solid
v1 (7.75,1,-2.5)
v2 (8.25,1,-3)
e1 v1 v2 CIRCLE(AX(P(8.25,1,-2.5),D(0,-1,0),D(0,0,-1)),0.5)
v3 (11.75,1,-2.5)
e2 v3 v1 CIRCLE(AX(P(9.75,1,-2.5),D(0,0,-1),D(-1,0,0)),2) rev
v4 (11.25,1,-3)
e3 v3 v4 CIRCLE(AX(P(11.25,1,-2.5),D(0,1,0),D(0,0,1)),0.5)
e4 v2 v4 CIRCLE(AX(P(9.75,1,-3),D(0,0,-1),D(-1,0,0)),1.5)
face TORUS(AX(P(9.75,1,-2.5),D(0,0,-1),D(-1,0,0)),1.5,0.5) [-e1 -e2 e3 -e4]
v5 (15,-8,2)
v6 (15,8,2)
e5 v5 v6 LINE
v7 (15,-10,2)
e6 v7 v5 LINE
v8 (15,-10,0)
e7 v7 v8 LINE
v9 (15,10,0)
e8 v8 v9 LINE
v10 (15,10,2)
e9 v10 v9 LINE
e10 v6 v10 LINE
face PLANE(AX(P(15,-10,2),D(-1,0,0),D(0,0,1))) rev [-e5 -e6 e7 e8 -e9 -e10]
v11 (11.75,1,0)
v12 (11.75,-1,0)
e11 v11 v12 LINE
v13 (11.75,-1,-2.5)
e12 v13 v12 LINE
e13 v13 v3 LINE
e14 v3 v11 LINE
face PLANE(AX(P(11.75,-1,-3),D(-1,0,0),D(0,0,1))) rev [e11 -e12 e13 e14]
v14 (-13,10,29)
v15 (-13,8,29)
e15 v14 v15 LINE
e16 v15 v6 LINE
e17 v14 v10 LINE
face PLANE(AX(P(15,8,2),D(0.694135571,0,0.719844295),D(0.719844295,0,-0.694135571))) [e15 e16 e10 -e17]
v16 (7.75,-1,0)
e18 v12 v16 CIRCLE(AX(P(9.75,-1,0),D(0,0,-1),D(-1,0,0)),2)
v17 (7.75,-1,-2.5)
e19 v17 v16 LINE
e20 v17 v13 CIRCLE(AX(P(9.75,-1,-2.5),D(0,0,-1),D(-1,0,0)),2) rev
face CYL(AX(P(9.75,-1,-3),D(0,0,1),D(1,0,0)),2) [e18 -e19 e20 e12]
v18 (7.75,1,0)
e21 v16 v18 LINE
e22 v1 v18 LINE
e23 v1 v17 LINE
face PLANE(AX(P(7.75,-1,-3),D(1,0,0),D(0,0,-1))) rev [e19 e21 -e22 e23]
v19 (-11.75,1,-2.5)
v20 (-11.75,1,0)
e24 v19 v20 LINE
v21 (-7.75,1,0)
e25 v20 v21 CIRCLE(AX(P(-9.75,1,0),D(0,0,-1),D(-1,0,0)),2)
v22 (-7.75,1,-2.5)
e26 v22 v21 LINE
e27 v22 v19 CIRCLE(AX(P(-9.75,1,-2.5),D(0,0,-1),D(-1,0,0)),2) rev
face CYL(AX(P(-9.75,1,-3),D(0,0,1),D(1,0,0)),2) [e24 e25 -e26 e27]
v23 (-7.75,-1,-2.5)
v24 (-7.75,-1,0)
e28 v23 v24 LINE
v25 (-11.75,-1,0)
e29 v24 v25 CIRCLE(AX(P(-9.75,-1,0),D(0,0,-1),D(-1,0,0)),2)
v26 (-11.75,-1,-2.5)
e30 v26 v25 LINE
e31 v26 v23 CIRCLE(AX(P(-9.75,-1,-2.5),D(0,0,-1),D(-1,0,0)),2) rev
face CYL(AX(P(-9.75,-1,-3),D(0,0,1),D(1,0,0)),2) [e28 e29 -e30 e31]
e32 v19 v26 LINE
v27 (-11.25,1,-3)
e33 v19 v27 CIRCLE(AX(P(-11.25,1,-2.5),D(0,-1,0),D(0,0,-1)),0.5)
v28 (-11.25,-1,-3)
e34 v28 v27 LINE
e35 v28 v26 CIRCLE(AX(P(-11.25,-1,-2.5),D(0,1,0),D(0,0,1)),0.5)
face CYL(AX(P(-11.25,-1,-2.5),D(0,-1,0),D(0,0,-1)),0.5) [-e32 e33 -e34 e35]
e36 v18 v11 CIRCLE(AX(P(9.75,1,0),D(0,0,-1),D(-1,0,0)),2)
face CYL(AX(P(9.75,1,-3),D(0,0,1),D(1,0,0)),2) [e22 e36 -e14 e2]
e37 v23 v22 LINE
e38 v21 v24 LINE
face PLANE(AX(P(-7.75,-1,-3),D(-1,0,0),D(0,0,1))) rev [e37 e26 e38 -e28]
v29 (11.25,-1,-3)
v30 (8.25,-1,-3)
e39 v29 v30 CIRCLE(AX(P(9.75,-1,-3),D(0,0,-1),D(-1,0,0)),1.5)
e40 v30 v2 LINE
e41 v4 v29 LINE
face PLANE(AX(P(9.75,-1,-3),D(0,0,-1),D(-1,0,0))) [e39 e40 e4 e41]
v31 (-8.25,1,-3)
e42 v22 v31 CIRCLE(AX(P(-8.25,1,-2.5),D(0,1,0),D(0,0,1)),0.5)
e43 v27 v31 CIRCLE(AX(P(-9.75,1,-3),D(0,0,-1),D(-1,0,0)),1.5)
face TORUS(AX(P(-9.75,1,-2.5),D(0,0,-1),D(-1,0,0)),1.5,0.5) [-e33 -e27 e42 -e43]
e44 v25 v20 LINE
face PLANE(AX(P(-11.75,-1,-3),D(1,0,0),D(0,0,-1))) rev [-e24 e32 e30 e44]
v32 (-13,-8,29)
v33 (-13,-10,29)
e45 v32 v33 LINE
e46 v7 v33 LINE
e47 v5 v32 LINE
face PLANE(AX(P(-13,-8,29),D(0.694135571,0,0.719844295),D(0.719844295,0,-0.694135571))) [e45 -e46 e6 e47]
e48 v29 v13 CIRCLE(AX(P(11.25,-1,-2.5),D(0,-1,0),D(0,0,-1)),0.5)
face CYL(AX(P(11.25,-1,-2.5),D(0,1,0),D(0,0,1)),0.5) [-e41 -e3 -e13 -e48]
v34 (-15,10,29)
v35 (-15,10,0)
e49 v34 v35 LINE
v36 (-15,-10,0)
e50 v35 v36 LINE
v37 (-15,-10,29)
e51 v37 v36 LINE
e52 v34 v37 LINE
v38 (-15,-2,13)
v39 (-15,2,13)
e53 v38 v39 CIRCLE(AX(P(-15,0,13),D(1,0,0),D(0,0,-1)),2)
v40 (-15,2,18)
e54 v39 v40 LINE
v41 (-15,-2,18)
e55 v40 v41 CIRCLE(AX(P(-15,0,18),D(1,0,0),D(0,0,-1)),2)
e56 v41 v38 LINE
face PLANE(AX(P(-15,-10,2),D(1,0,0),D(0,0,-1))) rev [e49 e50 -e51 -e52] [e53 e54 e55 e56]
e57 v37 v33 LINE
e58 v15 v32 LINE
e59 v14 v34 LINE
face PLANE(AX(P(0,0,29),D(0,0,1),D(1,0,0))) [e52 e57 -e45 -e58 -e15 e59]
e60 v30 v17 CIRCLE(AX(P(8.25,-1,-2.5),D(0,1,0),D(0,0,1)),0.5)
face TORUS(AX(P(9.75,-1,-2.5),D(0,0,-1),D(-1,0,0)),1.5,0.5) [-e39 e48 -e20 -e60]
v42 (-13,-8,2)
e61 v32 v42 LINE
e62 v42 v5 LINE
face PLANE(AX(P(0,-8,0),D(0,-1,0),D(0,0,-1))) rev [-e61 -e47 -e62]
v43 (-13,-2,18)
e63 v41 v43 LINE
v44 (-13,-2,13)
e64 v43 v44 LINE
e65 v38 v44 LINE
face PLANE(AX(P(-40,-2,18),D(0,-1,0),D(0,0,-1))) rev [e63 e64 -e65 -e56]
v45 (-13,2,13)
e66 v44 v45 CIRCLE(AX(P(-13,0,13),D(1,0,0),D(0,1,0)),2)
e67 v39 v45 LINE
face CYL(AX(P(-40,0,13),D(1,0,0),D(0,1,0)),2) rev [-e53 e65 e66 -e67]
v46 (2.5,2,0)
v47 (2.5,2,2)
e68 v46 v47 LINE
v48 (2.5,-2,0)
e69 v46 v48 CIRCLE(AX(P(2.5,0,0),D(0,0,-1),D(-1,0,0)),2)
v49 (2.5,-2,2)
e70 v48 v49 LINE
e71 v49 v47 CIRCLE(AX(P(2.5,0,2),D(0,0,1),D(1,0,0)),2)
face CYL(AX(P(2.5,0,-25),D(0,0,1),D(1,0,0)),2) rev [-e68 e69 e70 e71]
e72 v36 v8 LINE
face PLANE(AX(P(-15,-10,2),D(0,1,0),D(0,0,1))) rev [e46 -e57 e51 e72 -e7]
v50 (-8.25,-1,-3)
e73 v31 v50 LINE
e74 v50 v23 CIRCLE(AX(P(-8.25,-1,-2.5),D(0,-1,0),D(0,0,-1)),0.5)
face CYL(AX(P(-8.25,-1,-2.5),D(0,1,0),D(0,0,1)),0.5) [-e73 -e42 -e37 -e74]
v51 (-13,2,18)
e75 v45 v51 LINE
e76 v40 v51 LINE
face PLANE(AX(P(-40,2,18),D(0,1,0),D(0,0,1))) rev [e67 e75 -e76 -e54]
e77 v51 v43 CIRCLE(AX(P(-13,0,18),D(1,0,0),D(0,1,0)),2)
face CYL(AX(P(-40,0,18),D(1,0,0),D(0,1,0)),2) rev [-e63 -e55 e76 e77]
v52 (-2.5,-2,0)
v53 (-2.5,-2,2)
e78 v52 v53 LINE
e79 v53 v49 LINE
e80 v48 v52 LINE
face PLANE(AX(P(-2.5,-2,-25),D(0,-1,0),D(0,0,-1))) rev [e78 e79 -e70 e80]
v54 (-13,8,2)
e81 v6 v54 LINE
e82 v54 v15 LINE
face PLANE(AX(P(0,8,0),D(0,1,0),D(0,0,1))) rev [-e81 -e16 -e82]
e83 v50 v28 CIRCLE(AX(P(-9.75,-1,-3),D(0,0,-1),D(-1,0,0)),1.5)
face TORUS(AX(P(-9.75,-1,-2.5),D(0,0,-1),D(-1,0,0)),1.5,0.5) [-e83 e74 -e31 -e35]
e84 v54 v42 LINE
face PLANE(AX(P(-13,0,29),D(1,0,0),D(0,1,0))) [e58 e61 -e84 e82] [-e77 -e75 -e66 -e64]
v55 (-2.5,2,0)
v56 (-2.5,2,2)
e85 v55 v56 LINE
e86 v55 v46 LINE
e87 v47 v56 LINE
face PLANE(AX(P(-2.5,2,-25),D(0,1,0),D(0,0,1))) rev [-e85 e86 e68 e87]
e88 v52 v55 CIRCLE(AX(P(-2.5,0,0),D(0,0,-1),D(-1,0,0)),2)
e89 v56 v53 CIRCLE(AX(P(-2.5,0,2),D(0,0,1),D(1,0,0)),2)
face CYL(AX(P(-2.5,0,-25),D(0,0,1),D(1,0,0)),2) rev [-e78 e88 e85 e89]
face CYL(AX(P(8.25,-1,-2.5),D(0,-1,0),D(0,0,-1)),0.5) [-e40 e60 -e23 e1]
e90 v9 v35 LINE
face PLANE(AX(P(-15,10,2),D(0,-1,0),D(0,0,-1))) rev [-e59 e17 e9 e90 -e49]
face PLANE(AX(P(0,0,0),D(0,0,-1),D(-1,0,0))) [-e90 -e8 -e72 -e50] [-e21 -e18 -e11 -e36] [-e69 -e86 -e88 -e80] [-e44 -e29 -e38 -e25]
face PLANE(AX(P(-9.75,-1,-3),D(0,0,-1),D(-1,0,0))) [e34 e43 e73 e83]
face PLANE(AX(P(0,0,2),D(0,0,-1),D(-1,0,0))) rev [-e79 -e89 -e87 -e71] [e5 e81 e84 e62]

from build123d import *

# Parameters (mm, degrees)
ESQUISSE1_W             = 30
ESQUISSE1_H             = 20
BOSS_EXTRU_1_DEPTH      = 2
ESQUISSE2_W             = 2
ESQUISSE2_H             = 20
BOSS_EXTRU_2_DEPTH      = 27
ENL_V_MAT_EXTRU_1_DEPTH = 27
ENL_V_MAT_EXTRU_2_DEPTH = 27
BOSS_EXTRU_3_DEPTH      = 2
BOSS_EXTRU_4_DEPTH      = 2
BOSS_EXTRU_5_DEPTH      = 3
CONG_2_R                = 0.5
CONG_3_R                = 0.5


with BuildPart() as part:
    # Esquisse1 → Boss.-Extru.1 (new body)
    with BuildSketch(Plane.XY):
        Rectangle(ESQUISSE1_W, ESQUISSE1_H)
    extrude(amount=BOSS_EXTRU_1_DEPTH)

    # Esquisse2 → Boss.-Extru.2 (add)
    with BuildSketch(Plane.XY.offset(2)):
        with Locations((-14, 0)):
            Rectangle(ESQUISSE2_W, ESQUISSE2_H)
    extrude(amount=BOSS_EXTRU_2_DEPTH)

    # Esquisse3 → Enlèv. mat.-Extru.1 (cut)
    with BuildSketch(Plane.XY.offset(2)):
        with BuildLine():
            Line((-2.5, 2), (2.5, 2))
            ThreePointArc((2.5, 2), (4.5, 0), (2.5, -2))
            Line((2.5, -2), (-2.5, -2))
            ThreePointArc((-2.5, -2), (-4.5, 0), (-2.5, 2))
        make_face()
    extrude(amount=-ENL_V_MAT_EXTRU_1_DEPTH, mode=Mode.SUBTRACT)

    # Esquisse4 → Enlèv. mat.-Extru.2 (cut)
    with BuildSketch(Plane(origin=(-13, 0, 0), x_dir=(0, 0, -1), z_dir=(1, 0, 0))):
        with BuildLine():
            Line((-18, 2), (-13, 2))
            ThreePointArc((-13, 2), (-11, 0), (-13, -2))
            Line((-13, -2), (-18, -2))
            ThreePointArc((-18, -2), (-20, 0), (-18, 2))
        make_face()
    extrude(amount=-ENL_V_MAT_EXTRU_2_DEPTH, mode=Mode.SUBTRACT)

    # Esquisse5 → Boss.-Extru.3 (add)
    with BuildSketch(Plane(origin=(0, -10, 0), x_dir=(-1, 0, 0), z_dir=(0, -1, 0))):
        Polygon((13, -29), (-15, -2), (13, -2), align=None)
    extrude(amount=-BOSS_EXTRU_3_DEPTH)

    # Esquisse6 → Boss.-Extru.4 (add)
    with BuildSketch(Plane(origin=(0, 10, 0), x_dir=(1, 0, 0), z_dir=(0, 1, 0))):
        Polygon((15, -2), (-13, -29), (-13, -2), align=None)
    extrude(amount=-BOSS_EXTRU_4_DEPTH)

    # Esquisse7 → Boss.-Extru.5 (add)
    with BuildSketch(Plane(origin=(0, 0, 0), x_dir=(-1, 0, 0), z_dir=(0, 0, -1))):
        with BuildLine():
            Line((-11.75, -1), (-11.75, 1))
            ThreePointArc((-11.75, 1), (-9.75, 3), (-7.75, 1))
            Line((-7.75, 1), (-7.75, -1))
            ThreePointArc((-7.75, -1), (-9.75, -3), (-11.75, -1))
        make_face()
        with BuildLine():
            Line((7.75, -1), (7.75, 1))
            ThreePointArc((7.75, 1), (9.75, 3), (11.75, 1))
            Line((11.75, 1), (11.75, -1))
            ThreePointArc((11.75, -1), (9.75, -3), (7.75, -1))
        make_face()
    extrude(amount=BOSS_EXTRU_5_DEPTH)

    # Congé2
    cong_2_edges = [part.edges().sort_by_distance(p)[0] for p in [
        (9.75, -3, -3),
        (7.75, 0, -3),
        (9.75, 3, -3),
        (11.75, 0, -3),
    ]]
    fillet(cong_2_edges, radius=CONG_2_R)

    # Congé3
    cong_3_edges = [part.edges().sort_by_distance(p)[0] for p in [
        (-9.75, -3, -3),
        (-11.75, 0, -3),
        (-9.75, 3, -3),
        (-7.75, 0, -3),
    ]]
    fillet(cong_3_edges, radius=CONG_3_R)


solid = part.part
